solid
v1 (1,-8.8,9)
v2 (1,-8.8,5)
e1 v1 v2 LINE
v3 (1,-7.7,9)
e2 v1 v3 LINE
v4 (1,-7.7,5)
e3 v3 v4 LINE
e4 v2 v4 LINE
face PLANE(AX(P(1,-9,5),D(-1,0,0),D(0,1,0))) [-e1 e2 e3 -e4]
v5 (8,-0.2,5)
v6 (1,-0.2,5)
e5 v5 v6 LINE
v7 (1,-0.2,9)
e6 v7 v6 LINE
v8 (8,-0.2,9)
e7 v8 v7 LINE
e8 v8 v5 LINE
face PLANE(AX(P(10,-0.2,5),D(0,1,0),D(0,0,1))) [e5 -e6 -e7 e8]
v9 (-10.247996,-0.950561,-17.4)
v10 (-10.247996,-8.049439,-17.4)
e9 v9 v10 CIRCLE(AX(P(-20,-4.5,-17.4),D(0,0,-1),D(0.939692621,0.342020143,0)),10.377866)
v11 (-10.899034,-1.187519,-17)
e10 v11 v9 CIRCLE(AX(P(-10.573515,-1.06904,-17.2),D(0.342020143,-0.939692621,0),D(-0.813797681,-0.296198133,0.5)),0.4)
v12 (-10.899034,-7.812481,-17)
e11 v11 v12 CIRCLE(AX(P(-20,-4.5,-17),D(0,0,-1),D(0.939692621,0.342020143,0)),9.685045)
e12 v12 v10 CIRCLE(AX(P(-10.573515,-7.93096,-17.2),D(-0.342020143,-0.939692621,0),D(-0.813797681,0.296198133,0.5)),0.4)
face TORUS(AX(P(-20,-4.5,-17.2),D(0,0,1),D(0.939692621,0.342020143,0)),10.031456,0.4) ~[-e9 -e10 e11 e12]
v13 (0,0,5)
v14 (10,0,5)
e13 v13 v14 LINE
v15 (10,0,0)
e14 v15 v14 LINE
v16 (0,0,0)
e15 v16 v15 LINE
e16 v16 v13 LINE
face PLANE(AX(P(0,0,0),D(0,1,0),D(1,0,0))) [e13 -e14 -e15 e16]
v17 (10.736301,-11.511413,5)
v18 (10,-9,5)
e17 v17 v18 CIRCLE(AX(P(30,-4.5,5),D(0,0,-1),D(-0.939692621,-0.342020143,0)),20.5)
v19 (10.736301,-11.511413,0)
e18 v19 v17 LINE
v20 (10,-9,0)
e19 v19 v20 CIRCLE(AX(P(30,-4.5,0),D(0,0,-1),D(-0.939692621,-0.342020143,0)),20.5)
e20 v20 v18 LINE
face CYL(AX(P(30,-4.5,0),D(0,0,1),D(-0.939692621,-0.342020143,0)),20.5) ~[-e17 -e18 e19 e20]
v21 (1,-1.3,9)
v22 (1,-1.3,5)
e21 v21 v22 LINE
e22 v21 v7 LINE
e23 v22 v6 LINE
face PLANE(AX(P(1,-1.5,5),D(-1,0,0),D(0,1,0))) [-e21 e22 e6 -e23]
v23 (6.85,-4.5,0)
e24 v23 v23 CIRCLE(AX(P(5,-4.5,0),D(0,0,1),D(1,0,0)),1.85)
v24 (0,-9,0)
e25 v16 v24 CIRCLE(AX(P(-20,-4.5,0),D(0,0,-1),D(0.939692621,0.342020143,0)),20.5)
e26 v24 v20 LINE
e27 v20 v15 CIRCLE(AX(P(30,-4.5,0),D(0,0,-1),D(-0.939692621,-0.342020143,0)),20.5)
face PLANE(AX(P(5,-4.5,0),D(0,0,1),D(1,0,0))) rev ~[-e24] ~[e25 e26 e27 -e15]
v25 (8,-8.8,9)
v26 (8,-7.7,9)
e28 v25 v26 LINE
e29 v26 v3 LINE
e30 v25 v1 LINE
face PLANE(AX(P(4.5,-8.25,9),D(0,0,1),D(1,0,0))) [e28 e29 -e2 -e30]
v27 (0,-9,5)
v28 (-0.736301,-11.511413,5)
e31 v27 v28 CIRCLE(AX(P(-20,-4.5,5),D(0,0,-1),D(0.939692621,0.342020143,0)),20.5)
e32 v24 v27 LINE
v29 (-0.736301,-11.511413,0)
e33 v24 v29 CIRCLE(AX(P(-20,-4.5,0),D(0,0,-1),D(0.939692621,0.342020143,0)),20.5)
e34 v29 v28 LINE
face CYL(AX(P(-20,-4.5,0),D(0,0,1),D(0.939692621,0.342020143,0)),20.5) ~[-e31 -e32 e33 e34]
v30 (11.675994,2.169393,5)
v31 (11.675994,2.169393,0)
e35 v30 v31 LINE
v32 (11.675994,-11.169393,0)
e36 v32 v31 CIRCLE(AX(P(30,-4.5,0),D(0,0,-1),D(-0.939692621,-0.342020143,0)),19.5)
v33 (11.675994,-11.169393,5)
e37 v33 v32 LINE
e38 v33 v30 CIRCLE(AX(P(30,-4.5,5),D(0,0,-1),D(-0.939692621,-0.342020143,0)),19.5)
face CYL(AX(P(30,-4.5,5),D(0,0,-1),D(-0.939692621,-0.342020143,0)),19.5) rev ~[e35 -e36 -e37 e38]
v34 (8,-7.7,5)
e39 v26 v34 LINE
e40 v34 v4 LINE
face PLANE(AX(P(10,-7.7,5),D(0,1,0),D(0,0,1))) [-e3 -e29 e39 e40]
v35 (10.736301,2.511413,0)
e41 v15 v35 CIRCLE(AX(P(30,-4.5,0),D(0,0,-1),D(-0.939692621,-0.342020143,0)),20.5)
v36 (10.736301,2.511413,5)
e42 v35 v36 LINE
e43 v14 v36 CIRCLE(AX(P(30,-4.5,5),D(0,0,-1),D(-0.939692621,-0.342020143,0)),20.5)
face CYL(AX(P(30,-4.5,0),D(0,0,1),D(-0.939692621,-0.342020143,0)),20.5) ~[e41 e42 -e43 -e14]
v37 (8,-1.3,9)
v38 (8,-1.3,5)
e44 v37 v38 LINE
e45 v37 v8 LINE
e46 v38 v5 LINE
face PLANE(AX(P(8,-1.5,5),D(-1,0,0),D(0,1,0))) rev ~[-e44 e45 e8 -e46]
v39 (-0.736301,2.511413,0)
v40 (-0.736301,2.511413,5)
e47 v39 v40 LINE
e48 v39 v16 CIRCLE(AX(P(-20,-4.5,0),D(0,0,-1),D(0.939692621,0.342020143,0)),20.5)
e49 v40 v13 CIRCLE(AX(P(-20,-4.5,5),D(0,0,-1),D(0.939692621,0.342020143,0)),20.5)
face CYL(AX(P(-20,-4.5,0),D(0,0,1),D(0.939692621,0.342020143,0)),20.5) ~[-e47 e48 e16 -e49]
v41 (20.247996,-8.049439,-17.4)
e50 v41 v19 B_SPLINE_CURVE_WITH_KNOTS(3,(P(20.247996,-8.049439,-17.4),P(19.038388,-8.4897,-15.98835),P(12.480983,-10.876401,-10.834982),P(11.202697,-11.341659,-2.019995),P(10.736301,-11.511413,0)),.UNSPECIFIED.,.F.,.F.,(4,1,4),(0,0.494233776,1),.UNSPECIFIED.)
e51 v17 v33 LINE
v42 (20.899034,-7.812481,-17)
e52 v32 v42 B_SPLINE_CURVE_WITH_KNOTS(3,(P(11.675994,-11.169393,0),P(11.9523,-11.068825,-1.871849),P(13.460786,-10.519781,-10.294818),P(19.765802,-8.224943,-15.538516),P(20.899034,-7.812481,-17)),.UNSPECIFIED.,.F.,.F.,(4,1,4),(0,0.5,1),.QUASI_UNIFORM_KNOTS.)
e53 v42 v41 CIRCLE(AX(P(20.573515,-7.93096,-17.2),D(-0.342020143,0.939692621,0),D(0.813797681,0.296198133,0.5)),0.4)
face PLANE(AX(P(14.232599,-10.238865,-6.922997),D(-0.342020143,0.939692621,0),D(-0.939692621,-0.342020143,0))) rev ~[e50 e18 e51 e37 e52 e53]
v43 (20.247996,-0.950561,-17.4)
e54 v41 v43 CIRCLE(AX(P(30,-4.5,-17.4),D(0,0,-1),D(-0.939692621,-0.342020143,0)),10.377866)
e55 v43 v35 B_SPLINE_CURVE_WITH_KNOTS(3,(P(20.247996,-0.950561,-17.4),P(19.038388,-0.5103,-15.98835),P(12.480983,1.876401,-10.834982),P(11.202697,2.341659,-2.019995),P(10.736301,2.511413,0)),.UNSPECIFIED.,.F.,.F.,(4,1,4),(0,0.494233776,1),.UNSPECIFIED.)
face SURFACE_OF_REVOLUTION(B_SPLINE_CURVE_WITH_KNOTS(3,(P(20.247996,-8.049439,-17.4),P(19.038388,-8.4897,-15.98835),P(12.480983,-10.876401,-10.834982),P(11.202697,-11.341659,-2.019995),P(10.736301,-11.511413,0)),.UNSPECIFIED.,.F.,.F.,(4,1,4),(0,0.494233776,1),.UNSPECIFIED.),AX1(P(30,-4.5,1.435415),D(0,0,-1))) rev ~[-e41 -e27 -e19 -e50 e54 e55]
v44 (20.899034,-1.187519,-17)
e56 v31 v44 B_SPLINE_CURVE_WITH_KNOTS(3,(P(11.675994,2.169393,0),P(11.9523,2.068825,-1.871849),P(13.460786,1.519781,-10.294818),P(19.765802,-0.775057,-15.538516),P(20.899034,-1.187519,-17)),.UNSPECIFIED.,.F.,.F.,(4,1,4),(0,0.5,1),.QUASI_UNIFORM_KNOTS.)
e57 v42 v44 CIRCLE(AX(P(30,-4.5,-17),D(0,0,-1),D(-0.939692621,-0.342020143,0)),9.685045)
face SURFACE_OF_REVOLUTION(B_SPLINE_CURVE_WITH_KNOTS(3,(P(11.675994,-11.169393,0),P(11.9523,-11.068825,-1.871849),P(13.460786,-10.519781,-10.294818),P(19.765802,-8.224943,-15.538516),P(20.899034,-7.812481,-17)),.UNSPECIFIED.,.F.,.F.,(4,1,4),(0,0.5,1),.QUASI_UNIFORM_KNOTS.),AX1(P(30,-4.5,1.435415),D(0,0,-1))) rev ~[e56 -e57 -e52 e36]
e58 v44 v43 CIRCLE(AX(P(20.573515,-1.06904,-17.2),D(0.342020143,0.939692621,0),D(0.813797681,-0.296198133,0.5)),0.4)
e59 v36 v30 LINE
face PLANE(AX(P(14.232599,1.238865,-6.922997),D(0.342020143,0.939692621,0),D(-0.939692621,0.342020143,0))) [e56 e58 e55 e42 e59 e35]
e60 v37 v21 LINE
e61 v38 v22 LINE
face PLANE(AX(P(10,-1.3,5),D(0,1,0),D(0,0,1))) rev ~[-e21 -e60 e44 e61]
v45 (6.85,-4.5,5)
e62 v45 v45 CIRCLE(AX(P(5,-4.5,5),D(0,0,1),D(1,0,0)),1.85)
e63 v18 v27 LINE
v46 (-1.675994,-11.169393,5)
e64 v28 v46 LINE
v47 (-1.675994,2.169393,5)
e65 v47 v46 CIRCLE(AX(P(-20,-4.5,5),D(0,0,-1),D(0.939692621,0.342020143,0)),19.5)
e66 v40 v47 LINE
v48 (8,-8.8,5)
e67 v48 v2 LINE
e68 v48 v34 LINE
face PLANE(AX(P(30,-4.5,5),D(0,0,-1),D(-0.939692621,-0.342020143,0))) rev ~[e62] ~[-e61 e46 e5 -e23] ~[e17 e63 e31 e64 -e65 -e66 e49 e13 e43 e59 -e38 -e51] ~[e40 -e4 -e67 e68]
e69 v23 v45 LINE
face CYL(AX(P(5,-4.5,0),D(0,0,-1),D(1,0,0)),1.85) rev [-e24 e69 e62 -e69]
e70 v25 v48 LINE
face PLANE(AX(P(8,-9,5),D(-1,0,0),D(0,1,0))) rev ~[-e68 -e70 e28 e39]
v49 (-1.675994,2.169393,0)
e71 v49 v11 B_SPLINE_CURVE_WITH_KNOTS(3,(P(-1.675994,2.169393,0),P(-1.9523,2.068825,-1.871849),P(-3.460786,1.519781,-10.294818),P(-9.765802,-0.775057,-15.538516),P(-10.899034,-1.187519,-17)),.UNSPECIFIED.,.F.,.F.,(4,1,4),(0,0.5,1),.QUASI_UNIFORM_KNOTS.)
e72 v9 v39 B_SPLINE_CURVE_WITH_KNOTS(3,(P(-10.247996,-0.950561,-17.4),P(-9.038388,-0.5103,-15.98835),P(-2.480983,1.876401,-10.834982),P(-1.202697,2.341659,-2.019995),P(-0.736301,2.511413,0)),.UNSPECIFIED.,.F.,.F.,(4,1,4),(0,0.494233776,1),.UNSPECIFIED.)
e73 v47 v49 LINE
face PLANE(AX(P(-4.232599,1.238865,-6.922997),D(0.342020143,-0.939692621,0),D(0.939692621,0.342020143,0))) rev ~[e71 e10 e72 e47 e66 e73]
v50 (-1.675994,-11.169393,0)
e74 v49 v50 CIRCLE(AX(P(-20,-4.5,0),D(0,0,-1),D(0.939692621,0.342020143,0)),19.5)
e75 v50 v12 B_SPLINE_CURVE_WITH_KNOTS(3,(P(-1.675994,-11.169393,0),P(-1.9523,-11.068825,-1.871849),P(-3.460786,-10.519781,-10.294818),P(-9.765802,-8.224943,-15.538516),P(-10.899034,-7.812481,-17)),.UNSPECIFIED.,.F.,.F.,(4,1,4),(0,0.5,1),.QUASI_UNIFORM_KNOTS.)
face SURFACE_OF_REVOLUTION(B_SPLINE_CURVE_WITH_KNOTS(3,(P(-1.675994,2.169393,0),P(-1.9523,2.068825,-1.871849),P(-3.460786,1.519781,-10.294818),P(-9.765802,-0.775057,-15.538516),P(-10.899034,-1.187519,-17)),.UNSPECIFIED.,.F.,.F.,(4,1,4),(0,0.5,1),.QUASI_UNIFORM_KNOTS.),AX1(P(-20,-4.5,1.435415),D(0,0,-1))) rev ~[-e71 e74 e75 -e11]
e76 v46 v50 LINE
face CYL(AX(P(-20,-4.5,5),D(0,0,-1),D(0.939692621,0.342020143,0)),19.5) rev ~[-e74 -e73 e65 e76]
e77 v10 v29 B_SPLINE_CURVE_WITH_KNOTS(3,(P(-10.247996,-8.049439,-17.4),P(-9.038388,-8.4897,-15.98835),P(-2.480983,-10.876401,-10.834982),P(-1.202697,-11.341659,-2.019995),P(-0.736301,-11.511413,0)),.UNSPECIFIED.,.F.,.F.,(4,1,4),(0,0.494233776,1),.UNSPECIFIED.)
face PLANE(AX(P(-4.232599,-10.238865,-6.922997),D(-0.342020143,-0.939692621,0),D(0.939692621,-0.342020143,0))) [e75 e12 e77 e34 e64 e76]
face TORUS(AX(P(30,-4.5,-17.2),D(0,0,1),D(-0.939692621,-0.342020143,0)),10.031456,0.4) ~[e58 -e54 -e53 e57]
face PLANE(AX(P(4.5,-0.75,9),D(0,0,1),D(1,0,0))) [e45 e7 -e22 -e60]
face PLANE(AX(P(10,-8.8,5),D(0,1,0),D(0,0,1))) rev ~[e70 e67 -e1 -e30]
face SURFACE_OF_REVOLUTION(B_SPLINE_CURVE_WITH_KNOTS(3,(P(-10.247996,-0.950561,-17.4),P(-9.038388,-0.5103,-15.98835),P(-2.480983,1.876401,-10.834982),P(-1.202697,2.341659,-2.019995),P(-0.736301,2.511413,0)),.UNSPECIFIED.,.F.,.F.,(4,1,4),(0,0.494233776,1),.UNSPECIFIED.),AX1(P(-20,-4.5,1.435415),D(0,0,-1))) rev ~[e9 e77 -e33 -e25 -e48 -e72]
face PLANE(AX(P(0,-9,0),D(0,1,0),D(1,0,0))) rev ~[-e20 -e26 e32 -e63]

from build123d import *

# Parameters (mm, degrees)
F0_W          = 10
F0_H          = 9
F0_R          = 1.85
F1_DEPTH      = 5
F5_ANGLE_BACK = 20
F5_ANGLE      = 40
F6_W          = 7
F6_H          = 1.5
F7_DEPTH      = 4
F8_W          = 0.2
F8_H          = 4
F9_DEPTH      = 25
F10_COUNT     = 2


with BuildPart() as f1:
    # F0 (on Top) → F1 (new body)
    with BuildSketch(Plane.XY):
        with Locations((5, -4.5)):
            Rectangle(F0_W, F0_H)
        with Locations((5, -4.5)):
            Circle(F0_R, mode=Mode.SUBTRACT)
    extrude(amount=F1_DEPTH)

    # F6 (on face) → F7 (join)
    with BuildSketch(Plane.XY.offset(5)):
        with Locations((4.5, -8.25)):
            Rectangle(F6_W, F6_H)
        with Locations((4.5, -0.75)):
            Rectangle(F6_W, F6_H)
    extrude(amount=F7_DEPTH)

    # F8 (on face) → F9 (cut)
    with BuildSketch(Plane.YZ.offset(10)):
        with Locations((-7.6, 7)):
            Rectangle(F8_W, F8_H)
        with Locations((-8.9, 7)):
            Rectangle(F8_W, F8_H)
        with Locations((-0.1, 7)):
            Rectangle(F8_W, F8_H)
        with Locations((-1.4, 7)):
            Rectangle(F8_W, F8_H)
    extrude(amount=-F9_DEPTH, mode=Mode.SUBTRACT)



with BuildPart() as f5:
    # F3 (on offset) → F5 (revolve)
    with BuildSketch(Plane.XZ.offset(4.5), mode=Mode.PRIVATE) as f5_sk:
        with BuildLine():
            Line((0.5, 5), (0, 5))
            Line((0, 5), (-0.5, 5))
            Line((-0.5, 5), (-0.5, 0))
            add(Edge.make_bspline(
                [(-0.5, 0), (-0.7940392474, -1.8718490053), (-2.3993364256, -10.2948176613), (-9.1089938236, -15.538515672), (-10.3149545762, -17)],
                knots=[0, 0, 0, 0, 0.5, 1, 1, 1, 1], degree=3))
            ThreePointArc((-10.3149545762, -17), (-10.1685444147, -17.5464101615), (-9.6221342532, -17.4))
            add(Edge.make_bspline(
                [(-9.6221342532, -17.4), (-8.3348966668, -15.9883498775), (-1.3566520207, -10.8349816991), (0.0036717937, -2.0199950425), (0.5, 0)],
                knots=[0, 0, 0, 0, 0.4942337757, 1, 1, 1, 1], degree=3))
            Line((0.5, 0), (0.5, 5))
        make_face()
    revolve(f5_sk.sketch.rotate(Axis((-20, -4.5, 1.4354154991), (0, 0, -1)), -F5_ANGLE_BACK), axis=Axis((-20, -4.5, 1.4354154991), (0, 0, -1)), revolution_arc=F5_ANGLE)


with BuildPart() as f1_1:
    add(f1.part)

    add(f5.part)  # F10 merges F5
    # F10: F5 ×2 about axis
    f10_axis = Axis((5, -4.5, 0), (0, 0, -1))
    for i in range(1, F10_COUNT):
        add(f5.part.rotate(f10_axis, i * 360 / F10_COUNT))


solid = f1_1.part
